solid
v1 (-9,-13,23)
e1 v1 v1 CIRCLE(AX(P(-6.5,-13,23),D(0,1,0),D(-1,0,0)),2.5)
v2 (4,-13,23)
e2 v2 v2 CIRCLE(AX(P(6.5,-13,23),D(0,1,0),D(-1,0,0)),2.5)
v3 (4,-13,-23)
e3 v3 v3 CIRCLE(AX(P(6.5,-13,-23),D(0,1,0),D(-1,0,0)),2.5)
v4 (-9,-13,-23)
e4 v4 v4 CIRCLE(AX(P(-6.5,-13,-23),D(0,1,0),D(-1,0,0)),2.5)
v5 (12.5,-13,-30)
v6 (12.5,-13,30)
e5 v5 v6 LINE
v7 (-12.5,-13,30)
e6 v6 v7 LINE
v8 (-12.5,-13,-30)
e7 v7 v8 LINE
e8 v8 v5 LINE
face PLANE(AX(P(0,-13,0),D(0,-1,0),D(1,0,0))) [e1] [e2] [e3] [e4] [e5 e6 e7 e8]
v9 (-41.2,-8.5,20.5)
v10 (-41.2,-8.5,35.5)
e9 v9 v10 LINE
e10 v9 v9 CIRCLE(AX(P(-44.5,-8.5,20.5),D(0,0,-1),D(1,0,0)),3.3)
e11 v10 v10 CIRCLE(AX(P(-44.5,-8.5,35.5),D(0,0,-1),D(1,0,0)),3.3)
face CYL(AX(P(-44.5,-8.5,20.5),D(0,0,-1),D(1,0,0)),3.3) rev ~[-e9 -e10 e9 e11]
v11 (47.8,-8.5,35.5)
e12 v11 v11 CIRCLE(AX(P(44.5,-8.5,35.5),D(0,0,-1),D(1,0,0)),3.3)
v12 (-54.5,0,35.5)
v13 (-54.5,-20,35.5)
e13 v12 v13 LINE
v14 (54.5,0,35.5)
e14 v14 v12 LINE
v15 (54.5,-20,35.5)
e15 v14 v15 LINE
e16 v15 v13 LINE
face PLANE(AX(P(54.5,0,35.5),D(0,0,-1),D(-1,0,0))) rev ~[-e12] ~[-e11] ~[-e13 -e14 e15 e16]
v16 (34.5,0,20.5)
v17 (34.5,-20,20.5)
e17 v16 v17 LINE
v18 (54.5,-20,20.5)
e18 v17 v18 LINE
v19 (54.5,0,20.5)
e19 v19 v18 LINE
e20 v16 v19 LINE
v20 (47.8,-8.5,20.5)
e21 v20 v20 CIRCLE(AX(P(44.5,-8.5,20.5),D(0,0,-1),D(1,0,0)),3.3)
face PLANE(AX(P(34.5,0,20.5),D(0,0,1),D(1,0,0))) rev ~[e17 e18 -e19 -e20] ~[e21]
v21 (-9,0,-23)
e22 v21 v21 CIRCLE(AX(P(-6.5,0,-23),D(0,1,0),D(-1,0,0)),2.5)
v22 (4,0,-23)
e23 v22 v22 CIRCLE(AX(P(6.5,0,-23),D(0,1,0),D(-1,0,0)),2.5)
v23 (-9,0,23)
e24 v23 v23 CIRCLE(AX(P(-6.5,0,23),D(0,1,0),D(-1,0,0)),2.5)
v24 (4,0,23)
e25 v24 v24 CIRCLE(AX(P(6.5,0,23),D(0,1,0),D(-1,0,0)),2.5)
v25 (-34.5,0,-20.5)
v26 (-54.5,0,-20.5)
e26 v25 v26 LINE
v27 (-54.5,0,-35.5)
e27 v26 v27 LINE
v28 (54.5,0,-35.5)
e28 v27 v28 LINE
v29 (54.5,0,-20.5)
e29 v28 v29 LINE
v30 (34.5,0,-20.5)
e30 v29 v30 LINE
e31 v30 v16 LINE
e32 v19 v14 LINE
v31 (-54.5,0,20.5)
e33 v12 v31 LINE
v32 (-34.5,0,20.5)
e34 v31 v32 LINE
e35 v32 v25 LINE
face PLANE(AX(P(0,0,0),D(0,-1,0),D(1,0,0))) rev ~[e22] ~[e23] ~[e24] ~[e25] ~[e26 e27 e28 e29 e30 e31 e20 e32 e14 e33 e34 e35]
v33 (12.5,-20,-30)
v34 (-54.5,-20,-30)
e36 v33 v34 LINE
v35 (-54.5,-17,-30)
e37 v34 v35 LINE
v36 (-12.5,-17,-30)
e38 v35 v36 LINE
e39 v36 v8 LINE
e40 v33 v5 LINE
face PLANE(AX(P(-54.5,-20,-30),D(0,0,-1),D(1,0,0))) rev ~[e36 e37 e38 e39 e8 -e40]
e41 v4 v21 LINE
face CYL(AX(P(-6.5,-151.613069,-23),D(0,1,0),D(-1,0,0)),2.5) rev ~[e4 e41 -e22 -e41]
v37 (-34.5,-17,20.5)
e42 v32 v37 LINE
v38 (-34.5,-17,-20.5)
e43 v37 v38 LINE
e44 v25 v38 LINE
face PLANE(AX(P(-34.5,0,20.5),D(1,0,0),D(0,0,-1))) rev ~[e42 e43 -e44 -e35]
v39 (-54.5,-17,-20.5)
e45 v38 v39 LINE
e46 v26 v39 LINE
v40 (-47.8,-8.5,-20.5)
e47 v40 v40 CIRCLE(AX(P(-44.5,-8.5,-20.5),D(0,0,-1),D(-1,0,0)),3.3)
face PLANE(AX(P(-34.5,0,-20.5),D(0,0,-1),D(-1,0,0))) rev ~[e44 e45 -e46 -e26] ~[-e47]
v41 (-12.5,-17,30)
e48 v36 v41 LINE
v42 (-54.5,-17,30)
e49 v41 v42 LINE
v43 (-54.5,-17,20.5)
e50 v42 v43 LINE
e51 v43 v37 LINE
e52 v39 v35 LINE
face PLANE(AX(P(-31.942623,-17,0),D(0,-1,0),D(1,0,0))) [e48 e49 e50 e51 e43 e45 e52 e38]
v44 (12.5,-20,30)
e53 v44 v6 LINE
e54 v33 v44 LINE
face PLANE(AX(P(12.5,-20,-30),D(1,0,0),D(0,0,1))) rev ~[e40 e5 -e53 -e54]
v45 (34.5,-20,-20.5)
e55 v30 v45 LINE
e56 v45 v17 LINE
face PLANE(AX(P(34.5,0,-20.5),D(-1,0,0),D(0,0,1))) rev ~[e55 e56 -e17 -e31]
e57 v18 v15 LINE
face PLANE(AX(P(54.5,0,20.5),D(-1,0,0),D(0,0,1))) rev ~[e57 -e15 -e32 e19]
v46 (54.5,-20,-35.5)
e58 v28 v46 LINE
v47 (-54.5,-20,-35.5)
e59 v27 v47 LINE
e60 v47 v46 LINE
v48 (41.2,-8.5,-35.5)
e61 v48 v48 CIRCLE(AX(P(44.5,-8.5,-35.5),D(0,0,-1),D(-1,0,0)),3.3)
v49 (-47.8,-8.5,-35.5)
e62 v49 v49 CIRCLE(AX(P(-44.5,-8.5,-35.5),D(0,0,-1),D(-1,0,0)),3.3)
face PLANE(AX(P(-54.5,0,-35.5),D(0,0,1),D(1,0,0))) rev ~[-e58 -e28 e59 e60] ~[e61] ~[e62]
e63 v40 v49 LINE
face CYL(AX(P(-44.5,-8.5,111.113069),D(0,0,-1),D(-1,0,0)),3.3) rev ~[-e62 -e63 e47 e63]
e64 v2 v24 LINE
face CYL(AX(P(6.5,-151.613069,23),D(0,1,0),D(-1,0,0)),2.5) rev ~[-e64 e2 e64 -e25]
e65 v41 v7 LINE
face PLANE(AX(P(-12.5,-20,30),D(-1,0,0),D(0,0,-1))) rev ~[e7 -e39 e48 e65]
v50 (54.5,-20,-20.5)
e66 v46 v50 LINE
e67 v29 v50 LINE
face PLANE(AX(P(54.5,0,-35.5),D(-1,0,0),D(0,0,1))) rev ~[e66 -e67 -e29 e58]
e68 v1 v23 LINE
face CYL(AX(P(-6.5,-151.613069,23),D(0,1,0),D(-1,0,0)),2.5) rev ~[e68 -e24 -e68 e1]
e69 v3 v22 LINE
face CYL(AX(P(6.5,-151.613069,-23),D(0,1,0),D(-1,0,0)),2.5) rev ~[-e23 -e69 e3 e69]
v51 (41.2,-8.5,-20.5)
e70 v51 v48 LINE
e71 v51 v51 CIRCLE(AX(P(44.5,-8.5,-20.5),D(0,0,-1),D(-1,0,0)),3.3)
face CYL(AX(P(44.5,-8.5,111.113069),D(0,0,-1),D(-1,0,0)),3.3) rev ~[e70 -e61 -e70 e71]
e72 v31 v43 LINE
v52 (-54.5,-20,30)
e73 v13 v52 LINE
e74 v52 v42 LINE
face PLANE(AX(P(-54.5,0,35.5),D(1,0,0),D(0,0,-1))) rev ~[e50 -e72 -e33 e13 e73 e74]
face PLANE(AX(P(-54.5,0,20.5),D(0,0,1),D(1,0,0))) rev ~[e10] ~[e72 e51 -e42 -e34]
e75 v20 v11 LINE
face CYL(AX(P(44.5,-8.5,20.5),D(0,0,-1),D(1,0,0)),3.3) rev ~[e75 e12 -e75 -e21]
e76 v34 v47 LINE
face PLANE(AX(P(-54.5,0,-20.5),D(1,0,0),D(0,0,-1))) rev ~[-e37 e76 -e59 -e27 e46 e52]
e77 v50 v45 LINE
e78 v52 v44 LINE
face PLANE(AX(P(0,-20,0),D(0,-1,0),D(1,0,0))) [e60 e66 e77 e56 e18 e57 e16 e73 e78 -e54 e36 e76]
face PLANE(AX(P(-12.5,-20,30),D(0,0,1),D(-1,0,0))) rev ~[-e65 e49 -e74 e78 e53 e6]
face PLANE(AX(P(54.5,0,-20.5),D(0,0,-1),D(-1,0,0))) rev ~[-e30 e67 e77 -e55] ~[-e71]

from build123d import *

# Parameters (mm, degrees)
F1_DEPTH = 20
F3_DEPTH = 7
F4_DEPTH = 3
F6_D     = 6.6
F6_DEPTH = 15.001
F8_D     = 6.6
F9_D     = 5


with BuildPart() as f1:
    # F0 (on Front) → F1 (new body)
    with BuildSketch(Plane.XZ):
        Polygon((54.5, 35.5), (-54.5, 35.5), (-54.5, 20.5), (-34.5, 20.5), (-34.5, 0), (-34.5, -20.5), (-54.5, -20.5), (-54.5, -35.5), (54.5, -35.5), (54.5, -20.5), (34.5, -20.5), (34.5, 0), (34.5, 20.5), (54.5, 20.5), align=None)
    extrude(amount=F1_DEPTH)

    # F2 (on face) → F3 (cut)
    with BuildSketch(Plane.XZ.offset(20)):
        Polygon((0, 30), (-12.5, 30), (-12.5, 0), (-12.5, -30), (0, -30), (12.5, -30), (12.5, 0), (12.5, 30), align=None)
    extrude(amount=-F3_DEPTH, mode=Mode.SUBTRACT)

    # F2 (on face) → F4 (cut)
    with BuildSketch(Plane.XZ.offset(20)):
        Polygon((-12.5, 0), (-12.5, 30), (-54.5, 30), (-54.5, 20.5), (-34.5, 20.5), (-34.5, -20.5), (-54.5, -20.5), (-54.5, -30), (-12.5, -30), align=None)
    extrude(amount=-F4_DEPTH, mode=Mode.SUBTRACT)

    # F6 (through all, one way)
    with BuildSketch(Plane(origin=(0, 0, 20.5), x_dir=(1, 0, 0), z_dir=(0, 0, -1))):
        with Locations((-44.5, 8.5), (44.5, 8.5)):
            Circle(F6_D / 2)
    extrude(amount=-F6_DEPTH, mode=Mode.SUBTRACT)

    # F8 (through all)
    with Locations(Plane.XY.offset(-20.5)):
        with Locations((-44.5, -8.5), (44.5, -8.5)):
            Hole(F8_D / 2)

    # F9 (through all)
    with Locations(Plane.XZ.offset(20)):
        with Locations((-6.5, 23), (-6.5, -23), (6.5, -23), (6.5, 23)):
            Hole(F9_D / 2)


solid = f1.part
